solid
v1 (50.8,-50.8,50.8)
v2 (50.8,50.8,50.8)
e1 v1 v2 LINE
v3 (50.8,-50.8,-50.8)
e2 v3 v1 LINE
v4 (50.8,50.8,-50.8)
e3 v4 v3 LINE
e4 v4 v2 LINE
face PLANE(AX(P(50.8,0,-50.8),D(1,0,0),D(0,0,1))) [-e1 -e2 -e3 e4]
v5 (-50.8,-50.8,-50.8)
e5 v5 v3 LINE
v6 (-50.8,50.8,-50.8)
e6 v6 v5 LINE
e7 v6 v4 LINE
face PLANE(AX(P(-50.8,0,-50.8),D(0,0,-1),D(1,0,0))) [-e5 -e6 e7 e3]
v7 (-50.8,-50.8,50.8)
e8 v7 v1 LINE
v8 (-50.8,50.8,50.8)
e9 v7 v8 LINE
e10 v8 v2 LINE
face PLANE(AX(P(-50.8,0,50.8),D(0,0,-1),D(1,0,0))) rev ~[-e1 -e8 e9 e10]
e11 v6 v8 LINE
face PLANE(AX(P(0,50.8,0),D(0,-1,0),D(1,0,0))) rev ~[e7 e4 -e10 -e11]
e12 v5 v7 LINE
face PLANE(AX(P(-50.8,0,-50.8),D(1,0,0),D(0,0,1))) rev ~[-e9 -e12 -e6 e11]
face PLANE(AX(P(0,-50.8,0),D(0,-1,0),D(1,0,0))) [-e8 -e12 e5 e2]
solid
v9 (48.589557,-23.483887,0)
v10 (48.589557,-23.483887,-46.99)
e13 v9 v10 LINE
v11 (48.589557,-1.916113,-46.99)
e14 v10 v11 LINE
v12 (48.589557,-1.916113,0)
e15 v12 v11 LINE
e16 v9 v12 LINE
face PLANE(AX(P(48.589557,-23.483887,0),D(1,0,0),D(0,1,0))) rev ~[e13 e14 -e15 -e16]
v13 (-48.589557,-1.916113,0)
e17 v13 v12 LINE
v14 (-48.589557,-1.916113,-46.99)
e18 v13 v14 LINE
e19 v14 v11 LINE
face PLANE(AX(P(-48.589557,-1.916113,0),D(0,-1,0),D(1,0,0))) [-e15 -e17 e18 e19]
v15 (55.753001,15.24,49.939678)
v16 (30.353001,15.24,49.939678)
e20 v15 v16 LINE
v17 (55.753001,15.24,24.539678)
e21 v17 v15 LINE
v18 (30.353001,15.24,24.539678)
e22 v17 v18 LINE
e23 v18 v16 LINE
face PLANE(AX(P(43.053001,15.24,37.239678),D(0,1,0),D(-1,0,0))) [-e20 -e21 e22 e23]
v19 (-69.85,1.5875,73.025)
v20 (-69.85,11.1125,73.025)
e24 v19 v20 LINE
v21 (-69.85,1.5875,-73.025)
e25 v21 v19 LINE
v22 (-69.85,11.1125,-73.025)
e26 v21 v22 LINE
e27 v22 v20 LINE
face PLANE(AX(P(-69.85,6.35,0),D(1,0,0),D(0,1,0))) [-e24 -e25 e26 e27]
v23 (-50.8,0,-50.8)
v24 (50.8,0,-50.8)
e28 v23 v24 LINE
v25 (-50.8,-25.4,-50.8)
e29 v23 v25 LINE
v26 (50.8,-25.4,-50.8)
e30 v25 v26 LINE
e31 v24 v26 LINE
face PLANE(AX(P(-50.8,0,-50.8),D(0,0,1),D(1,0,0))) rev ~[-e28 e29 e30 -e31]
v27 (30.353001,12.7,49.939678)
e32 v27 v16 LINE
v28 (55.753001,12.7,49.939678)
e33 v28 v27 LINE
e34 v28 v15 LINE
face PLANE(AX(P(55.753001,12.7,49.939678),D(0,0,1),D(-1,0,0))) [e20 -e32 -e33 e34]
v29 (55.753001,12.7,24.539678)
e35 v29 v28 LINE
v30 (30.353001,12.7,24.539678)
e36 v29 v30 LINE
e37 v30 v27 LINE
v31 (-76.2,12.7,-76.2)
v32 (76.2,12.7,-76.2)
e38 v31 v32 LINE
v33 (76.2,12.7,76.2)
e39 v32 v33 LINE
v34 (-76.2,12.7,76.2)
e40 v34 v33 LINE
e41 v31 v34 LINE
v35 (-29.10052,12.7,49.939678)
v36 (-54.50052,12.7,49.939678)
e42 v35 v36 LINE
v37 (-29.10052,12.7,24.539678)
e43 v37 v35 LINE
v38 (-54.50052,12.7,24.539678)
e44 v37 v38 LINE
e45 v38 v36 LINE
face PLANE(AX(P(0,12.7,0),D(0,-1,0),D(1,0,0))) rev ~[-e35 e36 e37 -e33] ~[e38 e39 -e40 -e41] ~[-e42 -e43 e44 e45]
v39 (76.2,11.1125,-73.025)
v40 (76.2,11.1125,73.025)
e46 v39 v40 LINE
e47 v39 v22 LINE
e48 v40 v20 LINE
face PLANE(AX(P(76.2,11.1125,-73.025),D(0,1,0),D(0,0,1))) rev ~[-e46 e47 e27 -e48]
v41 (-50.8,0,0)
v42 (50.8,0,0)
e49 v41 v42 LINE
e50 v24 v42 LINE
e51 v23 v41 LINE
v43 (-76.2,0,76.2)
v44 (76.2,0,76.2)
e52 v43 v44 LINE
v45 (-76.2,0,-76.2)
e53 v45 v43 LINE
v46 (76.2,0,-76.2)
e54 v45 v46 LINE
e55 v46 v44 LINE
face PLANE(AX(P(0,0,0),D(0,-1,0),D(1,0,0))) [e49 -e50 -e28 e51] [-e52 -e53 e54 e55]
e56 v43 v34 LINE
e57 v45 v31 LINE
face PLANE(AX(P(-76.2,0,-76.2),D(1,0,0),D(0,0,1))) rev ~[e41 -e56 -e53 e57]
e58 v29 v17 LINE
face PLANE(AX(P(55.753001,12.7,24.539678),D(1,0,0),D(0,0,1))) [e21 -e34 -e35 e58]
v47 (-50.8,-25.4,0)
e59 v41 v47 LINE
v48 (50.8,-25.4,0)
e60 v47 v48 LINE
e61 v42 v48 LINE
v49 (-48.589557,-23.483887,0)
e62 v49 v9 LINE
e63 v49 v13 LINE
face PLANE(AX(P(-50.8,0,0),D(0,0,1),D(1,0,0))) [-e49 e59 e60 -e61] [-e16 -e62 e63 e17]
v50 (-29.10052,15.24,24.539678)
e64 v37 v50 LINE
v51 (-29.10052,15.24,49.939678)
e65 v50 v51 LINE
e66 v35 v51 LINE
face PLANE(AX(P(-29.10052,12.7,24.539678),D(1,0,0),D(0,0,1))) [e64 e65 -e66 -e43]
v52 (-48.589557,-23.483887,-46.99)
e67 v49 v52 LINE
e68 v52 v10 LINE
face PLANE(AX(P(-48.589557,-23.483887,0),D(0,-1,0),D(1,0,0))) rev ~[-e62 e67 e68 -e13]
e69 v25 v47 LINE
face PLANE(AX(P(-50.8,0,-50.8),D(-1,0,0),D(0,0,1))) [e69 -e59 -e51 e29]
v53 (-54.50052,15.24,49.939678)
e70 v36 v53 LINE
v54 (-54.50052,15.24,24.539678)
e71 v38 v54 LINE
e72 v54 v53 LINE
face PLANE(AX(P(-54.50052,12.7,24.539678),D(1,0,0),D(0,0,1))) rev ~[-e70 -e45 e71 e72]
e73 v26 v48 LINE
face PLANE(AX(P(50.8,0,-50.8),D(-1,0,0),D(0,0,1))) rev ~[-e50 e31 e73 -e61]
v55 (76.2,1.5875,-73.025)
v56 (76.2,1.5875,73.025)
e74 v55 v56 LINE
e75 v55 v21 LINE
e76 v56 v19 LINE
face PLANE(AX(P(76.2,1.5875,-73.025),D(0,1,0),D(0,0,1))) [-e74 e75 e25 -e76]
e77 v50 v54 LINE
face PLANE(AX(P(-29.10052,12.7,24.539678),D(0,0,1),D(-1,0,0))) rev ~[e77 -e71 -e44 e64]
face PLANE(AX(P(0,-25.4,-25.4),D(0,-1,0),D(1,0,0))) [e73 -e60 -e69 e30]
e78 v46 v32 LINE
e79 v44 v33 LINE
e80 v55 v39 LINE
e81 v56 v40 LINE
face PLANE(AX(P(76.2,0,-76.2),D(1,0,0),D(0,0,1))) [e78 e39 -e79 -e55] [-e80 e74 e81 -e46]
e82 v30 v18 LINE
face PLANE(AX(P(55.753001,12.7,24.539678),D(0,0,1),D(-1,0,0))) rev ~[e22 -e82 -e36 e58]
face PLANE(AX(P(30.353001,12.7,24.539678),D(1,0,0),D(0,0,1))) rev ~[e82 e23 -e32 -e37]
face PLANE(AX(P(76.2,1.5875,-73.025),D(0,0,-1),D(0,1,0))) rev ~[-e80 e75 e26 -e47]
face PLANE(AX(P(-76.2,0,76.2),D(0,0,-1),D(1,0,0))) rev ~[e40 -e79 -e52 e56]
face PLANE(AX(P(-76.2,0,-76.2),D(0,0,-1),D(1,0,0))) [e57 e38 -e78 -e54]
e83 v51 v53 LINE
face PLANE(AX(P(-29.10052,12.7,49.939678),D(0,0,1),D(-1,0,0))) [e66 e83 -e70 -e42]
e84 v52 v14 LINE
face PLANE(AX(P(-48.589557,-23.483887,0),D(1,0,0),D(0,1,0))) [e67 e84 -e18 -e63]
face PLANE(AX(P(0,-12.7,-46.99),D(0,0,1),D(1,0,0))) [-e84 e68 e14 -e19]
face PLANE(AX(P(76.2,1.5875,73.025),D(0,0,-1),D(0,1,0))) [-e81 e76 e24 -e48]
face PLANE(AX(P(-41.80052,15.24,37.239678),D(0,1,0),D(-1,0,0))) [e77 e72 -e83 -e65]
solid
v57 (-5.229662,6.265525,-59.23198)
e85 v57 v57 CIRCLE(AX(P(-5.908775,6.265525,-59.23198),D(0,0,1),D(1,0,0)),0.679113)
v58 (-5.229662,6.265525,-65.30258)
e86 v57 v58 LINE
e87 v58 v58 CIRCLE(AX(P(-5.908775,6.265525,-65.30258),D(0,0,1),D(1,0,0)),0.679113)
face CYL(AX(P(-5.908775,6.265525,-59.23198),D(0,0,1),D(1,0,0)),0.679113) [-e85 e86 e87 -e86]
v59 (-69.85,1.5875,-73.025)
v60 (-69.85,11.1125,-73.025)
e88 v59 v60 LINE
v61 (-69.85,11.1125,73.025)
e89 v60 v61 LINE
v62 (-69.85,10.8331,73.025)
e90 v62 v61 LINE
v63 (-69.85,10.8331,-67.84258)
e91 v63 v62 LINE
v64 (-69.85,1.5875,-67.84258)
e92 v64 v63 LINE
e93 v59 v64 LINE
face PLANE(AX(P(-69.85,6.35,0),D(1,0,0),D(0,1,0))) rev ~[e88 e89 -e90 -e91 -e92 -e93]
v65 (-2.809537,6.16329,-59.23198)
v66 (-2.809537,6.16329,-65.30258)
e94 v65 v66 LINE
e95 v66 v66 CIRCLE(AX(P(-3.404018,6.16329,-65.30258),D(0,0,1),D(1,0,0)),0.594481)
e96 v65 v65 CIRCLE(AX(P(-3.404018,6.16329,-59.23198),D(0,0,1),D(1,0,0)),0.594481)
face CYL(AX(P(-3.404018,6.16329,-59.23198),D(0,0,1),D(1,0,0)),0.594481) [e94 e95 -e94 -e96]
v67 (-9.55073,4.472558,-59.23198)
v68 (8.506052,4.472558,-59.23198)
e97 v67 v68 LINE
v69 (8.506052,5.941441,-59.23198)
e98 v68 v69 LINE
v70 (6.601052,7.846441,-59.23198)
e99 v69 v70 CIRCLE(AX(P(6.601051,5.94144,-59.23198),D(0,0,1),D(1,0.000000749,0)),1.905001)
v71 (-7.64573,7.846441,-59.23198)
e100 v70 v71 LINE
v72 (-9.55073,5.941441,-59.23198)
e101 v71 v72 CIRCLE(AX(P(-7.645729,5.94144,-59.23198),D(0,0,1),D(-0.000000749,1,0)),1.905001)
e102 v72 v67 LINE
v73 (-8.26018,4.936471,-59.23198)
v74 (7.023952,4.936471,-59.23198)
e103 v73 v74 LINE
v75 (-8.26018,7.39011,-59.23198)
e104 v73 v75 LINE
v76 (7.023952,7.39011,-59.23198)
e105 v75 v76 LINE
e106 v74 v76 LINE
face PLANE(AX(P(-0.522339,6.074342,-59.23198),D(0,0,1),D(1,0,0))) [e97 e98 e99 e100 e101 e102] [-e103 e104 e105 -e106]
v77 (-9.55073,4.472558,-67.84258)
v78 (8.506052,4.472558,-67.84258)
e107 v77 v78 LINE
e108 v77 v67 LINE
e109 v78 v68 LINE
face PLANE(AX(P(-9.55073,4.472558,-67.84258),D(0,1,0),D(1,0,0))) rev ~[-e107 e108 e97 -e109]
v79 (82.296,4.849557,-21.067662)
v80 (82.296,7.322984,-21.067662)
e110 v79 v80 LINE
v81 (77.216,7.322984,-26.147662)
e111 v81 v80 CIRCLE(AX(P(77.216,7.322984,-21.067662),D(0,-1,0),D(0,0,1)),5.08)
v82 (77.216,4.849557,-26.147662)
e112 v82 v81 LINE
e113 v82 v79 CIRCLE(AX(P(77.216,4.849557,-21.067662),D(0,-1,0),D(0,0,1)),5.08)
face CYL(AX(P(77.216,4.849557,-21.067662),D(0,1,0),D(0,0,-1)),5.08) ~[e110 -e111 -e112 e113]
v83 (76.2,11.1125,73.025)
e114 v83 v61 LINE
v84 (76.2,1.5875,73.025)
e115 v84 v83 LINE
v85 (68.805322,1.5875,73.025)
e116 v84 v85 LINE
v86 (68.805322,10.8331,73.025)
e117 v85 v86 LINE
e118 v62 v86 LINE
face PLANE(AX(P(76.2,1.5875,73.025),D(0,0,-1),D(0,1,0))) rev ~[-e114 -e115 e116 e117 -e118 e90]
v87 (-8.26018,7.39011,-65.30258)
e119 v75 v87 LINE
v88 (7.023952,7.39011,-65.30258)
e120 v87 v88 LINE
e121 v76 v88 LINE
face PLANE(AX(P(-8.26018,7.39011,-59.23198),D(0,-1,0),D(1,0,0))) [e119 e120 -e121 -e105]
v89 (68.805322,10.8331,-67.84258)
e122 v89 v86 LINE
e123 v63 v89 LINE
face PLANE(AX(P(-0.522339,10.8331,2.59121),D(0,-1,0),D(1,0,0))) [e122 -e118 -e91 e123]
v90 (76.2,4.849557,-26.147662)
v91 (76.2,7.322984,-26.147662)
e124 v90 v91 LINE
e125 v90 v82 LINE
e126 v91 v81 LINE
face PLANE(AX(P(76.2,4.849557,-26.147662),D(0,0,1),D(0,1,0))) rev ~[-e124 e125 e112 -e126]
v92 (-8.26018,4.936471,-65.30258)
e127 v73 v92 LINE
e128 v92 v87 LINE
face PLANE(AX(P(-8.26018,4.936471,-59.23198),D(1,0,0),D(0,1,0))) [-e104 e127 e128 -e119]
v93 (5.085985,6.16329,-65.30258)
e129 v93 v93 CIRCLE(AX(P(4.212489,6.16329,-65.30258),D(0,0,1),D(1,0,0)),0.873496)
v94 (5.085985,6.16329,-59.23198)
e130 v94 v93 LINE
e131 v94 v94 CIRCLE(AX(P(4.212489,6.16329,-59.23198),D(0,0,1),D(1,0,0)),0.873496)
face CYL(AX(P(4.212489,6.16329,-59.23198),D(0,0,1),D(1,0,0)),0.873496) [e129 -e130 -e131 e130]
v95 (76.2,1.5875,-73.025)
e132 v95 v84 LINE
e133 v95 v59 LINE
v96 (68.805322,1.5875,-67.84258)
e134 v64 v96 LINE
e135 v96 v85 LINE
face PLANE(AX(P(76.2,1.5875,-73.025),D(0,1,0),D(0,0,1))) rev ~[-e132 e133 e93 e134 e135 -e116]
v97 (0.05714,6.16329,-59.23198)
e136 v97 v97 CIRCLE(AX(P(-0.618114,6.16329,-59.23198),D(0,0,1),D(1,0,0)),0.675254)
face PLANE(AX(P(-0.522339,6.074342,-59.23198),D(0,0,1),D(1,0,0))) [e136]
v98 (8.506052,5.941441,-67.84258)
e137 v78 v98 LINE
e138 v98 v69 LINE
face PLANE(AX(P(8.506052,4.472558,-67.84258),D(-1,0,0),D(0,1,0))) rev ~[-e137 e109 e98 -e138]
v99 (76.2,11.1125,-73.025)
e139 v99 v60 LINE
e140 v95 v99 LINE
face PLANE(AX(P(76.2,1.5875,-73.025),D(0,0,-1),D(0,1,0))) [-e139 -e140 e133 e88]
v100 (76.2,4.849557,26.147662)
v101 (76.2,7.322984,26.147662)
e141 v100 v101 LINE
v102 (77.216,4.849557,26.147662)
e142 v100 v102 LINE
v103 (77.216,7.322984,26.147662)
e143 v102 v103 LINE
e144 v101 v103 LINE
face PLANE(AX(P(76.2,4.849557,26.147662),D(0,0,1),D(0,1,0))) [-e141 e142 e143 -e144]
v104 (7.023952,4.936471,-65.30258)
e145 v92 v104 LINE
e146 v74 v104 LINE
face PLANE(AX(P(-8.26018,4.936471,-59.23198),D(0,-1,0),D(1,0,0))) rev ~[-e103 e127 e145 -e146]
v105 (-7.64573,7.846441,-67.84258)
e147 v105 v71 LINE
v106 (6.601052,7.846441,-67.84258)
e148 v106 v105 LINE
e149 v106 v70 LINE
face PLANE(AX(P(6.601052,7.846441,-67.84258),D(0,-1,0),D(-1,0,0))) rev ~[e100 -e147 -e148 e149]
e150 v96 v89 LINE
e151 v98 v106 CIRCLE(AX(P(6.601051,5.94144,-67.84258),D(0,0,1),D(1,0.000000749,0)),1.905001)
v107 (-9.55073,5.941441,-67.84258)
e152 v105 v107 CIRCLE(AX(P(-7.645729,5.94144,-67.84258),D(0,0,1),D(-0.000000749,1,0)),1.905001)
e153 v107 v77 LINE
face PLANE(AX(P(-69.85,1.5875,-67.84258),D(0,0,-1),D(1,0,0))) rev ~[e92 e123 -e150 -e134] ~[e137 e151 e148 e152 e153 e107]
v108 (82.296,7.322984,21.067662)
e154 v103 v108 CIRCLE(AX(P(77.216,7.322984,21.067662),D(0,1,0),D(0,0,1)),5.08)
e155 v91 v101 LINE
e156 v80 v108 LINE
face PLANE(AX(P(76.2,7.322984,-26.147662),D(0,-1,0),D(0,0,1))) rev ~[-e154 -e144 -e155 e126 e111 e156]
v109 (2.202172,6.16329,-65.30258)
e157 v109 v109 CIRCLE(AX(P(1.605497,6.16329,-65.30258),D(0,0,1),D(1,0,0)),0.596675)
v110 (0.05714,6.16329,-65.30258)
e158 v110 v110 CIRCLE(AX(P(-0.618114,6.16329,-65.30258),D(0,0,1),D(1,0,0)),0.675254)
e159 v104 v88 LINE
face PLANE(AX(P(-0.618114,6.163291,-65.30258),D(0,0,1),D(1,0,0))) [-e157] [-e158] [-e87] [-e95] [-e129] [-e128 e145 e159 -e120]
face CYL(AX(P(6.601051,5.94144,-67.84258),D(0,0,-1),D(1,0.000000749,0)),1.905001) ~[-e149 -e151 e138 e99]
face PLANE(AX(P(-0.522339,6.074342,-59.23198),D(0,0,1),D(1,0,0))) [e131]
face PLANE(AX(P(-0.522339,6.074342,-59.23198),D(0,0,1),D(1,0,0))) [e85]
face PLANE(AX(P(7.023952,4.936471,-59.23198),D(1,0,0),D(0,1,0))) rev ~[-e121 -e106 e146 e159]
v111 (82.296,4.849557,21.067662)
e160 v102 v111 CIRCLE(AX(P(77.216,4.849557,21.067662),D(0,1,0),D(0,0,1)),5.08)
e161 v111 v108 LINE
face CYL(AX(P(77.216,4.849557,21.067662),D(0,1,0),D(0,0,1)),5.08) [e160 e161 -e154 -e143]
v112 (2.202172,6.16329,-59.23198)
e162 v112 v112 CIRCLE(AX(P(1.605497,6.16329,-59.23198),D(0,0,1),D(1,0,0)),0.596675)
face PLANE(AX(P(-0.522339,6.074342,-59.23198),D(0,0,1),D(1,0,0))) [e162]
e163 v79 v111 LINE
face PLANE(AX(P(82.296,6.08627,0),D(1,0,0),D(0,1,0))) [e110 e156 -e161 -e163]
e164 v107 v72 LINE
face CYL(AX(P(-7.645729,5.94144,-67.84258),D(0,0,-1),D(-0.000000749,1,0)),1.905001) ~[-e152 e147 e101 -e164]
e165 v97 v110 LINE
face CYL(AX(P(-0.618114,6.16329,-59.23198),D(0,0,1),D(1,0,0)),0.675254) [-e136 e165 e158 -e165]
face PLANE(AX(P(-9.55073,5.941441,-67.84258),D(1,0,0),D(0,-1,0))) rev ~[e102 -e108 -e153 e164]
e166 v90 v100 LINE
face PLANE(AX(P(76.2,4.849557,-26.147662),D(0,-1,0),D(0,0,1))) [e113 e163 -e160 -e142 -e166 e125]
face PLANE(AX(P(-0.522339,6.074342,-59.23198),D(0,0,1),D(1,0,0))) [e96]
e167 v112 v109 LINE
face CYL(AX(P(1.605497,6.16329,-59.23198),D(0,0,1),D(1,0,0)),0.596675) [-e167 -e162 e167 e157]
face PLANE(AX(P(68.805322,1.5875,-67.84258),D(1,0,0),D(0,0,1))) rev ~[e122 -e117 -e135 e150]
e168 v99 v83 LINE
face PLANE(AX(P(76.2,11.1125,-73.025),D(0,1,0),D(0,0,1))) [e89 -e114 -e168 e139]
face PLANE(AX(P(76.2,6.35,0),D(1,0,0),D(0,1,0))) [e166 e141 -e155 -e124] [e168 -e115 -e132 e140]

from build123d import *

# Parameters (mm, degrees)
F1_W      = 152.4
F1_H      = 152.4
F2_DEPTH  = 12.7
F3_W      = 25.4
F3_H      = 25.4
F4_DEPTH  = 2.54
F6_W      = 9.525
F6_H      = 146.05
F6_W_2    = 7.9
F6_H_2    = 142.3924
F7_DEPTH  = 146.05
F8_W      = 101.6
F8_H      = 50.8
F9_DEPTH  = 25.4
F10_W     = 97.179114
F10_H     = 21.567774
F11_DEPTH = 46.99
F12_DEPTH = 146.05
F13_W     = 138.655322
F13_H     = 140.86758
F14_DEPTH = 9.2456
F16_DEPTH = 8.6106
F17_W     = 15.284132
F17_H     = 2.453639
F17_R     = 0.679113
F17_R_2   = 0.594481
F17_R_3   = 0.675254
F17_R_4   = 0.596675
F17_R_5   = 0.873496
F18_DEPTH = 6.0706
F19_W     = 2.473427
F19_H     = 52.295324
F20_DEPTH = 6.096
F21_R     = 5.08
F22_W     = 101.6
F22_H     = 101.6
F23_DEPTH = 50.8


with BuildPart() as f2:
    # F1 (on Front) → F2 (new body)
    with BuildSketch(Plane.XZ):
        Rectangle(F1_W, F1_H)
    extrude(amount=-F2_DEPTH)

    # F3 (on face) → F4 (join)
    with BuildSketch(Plane(origin=(0, 12.7, 0), x_dir=(-1, 0, 0), z_dir=(0, 1, 0))):
        with Locations((-43.053001, 37.239678)):
            Rectangle(F3_W, F3_H)
        with Locations((41.80052, 37.239678)):
            Rectangle(F3_W, F3_H)
    extrude(amount=F4_DEPTH)

    # F6 (on face) → F7 (cut)
    with BuildSketch(Plane.YZ.offset(76.2)):
        with Locations((6.35, 0)):
            Rectangle(F6_W, F6_H)
        with Locations((6.35, 0)):
            Rectangle(F6_W_2, F6_H_2, mode=Mode.SUBTRACT)
        with Locations((6.35, 0)):
            Rectangle(F6_W_2, F6_H_2)
    extrude(amount=-F7_DEPTH, mode=Mode.SUBTRACT)

    # F8 (on face) → F9 (join)
    with BuildSketch(Plane.XZ):
        with Locations((0, -25.4)):
            Rectangle(F8_W, F8_H)
    extrude(amount=F9_DEPTH)

    # F10 (on face) → F11 (cut)
    with BuildSketch(Plane.XY):
        with Locations((0, -12.7)):
            Rectangle(F10_W, F10_H)
    extrude(amount=-F11_DEPTH, mode=Mode.SUBTRACT)


with BuildPart() as f12:
    # F6 (on face) → F12 (new body)
    with BuildSketch(Plane.YZ.offset(76.2)):
        with Locations((6.35, 0)):
            Rectangle(F6_W, F6_H)
        with Locations((6.35, 0)):
            Rectangle(F6_W_2, F6_H_2, mode=Mode.SUBTRACT)
        with Locations((6.35, 0)):
            Rectangle(F6_W_2, F6_H_2)
    extrude(amount=-F12_DEPTH)

    # F13 (on face) → F14 (cut)
    with BuildSketch(Plane.XZ.offset(-1.5875)):
        with Locations((-0.522339, 2.59121)):
            Rectangle(F13_W, F13_H)
    extrude(amount=-F14_DEPTH, mode=Mode.SUBTRACT)

    # F15 (on face) → F16 (join)
    with BuildSketch(Plane.XY.offset(-67.84258)):
        with BuildLine():
            Line((6.601052, 7.846441), (-7.64573, 7.846441))
            ThreePointArc((-7.64573, 7.846441), (-8.992768, 7.288479), (-9.55073, 5.941441))
            Line((-9.55073, 5.941441), (-9.55073, 4.472558))
            Line((-9.55073, 4.472558), (8.506052, 4.472558))
            Line((8.506052, 4.472558), (8.506052, 5.941441))
            ThreePointArc((8.506052, 5.941441), (7.94809, 7.288479), (6.601052, 7.846441))
        make_face()
    extrude(amount=F16_DEPTH)

    # F17 (on face) → F18 (cut)
    with BuildSketch(Plane.XY.offset(-59.23198)):
        with Locations((-0.618114, 6.163291)):
            Rectangle(F17_W, F17_H)
        with Locations((-5.908775, 6.265525)):
            Circle(F17_R, mode=Mode.SUBTRACT)
        with Locations((-3.404018, 6.16329)):
            Circle(F17_R_2, mode=Mode.SUBTRACT)
        with Locations((-0.618114, 6.16329)):
            Circle(F17_R_3, mode=Mode.SUBTRACT)
        with Locations((1.605497, 6.16329)):
            Circle(F17_R_4, mode=Mode.SUBTRACT)
        with Locations((4.212489, 6.16329)):
            Circle(F17_R_5, mode=Mode.SUBTRACT)
    extrude(amount=-F18_DEPTH, mode=Mode.SUBTRACT)

    # F19 (on face) → F20 (join)
    with BuildSketch(Plane.YZ.offset(76.2)):
        with Locations((6.08627, 0)):
            Rectangle(F19_W, F19_H)
    extrude(amount=F20_DEPTH)

    # F21
    f21_edges = [f12.edges().sort_by_distance(p)[0] for p in [
        (82.296, 6.08627, 26.147662),
        (82.296, 6.08627, -26.147662),
    ]]
    fillet(f21_edges, radius=F21_R)


with BuildPart() as f23:
    # F22 (on Front) → F23 (new body, symmetric)
    with BuildSketch(Plane.XZ):
        Rectangle(F22_W, F22_H)
    extrude(amount=F23_DEPTH, both=True)


solid = Compound([f2.part, f12.part, f23.part])
